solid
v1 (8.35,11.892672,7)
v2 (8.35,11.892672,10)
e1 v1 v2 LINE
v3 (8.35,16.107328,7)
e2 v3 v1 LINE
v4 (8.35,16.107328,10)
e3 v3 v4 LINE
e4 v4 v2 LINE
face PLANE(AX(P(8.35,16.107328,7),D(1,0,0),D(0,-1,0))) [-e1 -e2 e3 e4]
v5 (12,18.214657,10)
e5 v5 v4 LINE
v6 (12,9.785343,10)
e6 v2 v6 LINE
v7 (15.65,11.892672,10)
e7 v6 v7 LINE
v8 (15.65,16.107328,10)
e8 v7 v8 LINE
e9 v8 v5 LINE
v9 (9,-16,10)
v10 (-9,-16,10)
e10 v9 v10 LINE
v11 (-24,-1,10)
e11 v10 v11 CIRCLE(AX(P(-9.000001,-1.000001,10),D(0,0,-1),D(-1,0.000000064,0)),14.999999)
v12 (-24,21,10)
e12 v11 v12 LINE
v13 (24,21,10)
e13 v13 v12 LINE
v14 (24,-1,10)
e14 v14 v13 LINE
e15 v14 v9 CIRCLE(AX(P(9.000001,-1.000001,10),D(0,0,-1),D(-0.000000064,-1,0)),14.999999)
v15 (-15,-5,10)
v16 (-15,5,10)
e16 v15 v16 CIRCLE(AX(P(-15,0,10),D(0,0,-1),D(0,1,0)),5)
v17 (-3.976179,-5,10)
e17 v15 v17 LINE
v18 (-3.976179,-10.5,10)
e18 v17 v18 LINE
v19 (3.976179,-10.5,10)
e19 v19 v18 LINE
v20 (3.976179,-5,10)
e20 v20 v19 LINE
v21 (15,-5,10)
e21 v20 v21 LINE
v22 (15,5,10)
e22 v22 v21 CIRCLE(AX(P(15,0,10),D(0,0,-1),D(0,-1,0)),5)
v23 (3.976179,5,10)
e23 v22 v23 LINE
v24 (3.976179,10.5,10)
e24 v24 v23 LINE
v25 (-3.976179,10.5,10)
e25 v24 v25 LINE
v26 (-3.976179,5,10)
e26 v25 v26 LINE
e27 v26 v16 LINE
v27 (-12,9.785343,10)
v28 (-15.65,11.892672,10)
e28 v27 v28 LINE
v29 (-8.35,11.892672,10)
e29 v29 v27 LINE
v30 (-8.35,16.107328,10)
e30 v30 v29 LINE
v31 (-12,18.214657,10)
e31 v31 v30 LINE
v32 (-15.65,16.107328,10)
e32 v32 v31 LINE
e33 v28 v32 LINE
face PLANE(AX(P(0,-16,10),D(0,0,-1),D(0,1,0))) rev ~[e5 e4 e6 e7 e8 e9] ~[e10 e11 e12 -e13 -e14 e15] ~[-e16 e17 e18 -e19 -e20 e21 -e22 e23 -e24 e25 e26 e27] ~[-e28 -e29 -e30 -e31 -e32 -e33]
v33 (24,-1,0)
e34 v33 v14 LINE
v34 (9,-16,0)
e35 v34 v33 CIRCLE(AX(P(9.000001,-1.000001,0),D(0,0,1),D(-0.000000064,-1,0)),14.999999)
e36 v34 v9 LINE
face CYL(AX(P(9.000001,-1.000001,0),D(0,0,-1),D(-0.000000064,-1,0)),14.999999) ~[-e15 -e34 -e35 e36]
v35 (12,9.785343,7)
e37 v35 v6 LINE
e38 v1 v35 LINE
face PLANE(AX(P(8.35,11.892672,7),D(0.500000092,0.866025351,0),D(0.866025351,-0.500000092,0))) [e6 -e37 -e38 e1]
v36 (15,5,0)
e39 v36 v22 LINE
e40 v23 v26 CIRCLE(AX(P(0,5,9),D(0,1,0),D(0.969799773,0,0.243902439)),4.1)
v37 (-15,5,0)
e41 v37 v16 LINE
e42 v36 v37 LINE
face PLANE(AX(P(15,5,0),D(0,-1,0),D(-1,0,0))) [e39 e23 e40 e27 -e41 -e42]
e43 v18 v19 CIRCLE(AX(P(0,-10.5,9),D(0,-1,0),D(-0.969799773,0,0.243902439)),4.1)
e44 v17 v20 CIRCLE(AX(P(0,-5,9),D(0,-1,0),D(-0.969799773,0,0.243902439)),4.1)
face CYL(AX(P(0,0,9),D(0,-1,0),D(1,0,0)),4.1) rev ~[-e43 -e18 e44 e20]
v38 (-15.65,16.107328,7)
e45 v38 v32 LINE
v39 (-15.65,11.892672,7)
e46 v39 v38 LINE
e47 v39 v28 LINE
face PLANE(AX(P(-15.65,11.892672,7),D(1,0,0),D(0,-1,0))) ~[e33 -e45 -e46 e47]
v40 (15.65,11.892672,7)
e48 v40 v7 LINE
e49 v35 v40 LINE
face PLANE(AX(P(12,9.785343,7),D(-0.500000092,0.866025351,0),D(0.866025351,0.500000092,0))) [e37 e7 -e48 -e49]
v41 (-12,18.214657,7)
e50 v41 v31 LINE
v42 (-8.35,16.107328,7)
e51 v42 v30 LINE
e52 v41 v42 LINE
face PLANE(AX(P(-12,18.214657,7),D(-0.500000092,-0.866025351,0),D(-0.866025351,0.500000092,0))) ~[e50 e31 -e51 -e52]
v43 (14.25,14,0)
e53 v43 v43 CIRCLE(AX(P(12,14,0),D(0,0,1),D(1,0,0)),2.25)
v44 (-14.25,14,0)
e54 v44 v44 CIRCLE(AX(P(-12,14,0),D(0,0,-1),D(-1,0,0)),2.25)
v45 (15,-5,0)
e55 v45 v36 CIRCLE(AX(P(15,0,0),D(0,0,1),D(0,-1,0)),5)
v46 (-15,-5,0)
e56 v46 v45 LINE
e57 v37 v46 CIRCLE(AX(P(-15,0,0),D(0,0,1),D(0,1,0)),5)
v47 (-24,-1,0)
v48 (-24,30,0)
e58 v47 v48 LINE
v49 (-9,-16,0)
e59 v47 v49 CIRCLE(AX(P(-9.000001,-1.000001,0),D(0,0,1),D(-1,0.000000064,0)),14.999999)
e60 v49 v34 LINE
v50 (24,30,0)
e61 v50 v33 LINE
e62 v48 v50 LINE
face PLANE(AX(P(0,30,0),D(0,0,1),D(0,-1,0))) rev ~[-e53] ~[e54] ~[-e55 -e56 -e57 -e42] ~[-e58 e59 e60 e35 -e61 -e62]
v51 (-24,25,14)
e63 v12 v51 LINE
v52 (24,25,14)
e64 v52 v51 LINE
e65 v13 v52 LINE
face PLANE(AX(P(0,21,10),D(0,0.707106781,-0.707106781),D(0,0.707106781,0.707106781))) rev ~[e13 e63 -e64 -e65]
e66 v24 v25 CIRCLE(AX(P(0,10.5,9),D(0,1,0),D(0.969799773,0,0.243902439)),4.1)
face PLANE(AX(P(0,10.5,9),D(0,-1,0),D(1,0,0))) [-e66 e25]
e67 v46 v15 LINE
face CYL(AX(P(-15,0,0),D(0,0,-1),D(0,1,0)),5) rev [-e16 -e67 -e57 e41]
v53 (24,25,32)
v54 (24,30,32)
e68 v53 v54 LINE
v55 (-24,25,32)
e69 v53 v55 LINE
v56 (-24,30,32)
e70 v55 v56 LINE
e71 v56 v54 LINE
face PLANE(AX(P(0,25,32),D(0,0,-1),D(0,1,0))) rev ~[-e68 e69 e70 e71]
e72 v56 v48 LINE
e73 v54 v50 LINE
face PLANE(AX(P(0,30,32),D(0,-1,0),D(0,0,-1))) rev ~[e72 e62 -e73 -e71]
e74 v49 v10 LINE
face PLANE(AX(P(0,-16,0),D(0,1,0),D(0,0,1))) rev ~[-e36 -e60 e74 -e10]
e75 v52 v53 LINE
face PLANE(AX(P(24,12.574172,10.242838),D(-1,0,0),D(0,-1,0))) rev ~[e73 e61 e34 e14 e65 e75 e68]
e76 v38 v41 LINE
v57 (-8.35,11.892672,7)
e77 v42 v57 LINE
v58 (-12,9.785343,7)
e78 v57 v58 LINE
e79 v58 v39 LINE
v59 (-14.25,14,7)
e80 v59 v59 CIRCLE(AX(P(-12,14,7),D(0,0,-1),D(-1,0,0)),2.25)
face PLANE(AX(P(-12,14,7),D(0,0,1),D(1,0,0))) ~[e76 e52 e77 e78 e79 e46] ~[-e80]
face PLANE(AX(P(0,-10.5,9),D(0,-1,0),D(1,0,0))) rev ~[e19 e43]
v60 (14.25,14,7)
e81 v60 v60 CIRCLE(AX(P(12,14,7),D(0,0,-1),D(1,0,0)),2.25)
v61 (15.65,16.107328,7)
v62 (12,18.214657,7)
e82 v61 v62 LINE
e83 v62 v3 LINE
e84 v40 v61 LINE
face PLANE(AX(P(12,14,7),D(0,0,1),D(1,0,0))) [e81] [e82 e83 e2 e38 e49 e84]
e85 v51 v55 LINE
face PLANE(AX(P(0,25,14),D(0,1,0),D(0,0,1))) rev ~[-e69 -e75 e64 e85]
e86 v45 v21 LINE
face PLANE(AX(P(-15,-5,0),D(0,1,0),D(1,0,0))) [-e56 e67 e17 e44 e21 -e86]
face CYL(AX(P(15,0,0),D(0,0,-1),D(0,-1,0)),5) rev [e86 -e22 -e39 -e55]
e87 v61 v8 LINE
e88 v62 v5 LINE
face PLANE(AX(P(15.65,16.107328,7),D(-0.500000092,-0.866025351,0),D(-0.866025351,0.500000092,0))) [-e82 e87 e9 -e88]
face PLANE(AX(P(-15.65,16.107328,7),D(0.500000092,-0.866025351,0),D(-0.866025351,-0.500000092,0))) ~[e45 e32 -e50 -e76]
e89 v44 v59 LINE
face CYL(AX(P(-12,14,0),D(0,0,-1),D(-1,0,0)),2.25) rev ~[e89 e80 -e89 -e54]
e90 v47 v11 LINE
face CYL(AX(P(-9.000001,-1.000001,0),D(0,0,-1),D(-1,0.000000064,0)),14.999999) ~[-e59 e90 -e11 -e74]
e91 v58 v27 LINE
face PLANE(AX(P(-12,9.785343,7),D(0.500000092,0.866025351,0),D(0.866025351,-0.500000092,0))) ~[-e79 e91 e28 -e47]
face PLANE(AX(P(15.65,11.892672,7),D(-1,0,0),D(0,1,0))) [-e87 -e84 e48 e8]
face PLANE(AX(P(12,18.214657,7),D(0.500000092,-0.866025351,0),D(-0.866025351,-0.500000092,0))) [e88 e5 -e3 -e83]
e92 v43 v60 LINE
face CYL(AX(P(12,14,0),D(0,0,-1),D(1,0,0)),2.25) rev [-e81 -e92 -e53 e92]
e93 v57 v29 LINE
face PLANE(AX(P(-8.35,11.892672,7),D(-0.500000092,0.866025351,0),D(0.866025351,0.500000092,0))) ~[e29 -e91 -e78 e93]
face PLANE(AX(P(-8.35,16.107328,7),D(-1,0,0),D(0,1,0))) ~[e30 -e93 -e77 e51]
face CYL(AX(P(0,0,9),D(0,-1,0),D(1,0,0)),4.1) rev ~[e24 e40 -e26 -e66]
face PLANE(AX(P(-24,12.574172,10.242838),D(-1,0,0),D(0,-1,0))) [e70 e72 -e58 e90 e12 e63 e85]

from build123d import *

# Parameters (mm, degrees)
PAD_DEPTH            = 24
POCKET_DEPTH         = 0.001
POCKET_DEPTH_BACK    = -32.001
SKETCH002_R          = 4.1
POCKET001_DEPTH      = 10.5
SKETCH003_R          = 2.25
HOLE_DEPTH           = 179.567934
POCKET002_DEPTH      = 172.567934
POCKET003_DEPTH      = 0.001
POCKET003_DEPTH_BACK = -32.001


with BuildPart() as part:
    # Sketch001 → Pad (new body, symmetric)
    with BuildSketch(Plane.YZ):
        Polygon((-16, 0), (-16, 10), (21, 10), (25, 14), (25, 32), (30, 32), (30, 0), align=None)
    extrude(amount=PAD_DEPTH, both=True)

    # Sketch → Pocket (cut, two sides)
    with BuildSketch(Plane.XY) as pocket_sk:
        with BuildLine():
            ThreePointArc((-15, 5), (-20, 0), (-15, -5))
            Line((-15, -5), (15, -5))
            ThreePointArc((15, -5), (20, 0), (15, 5))
            Line((15, 5), (-15, 5))
        make_face()
    extrude(amount=-POCKET_DEPTH, mode=Mode.SUBTRACT)
    extrude(pocket_sk.sketch, amount=-POCKET_DEPTH_BACK, mode=Mode.SUBTRACT)

    # Sketch002 → Pocket001 (cut, symmetric)
    with BuildSketch(Plane.XZ):
        with Locations((0, 9)):
            Circle(SKETCH002_R)
    extrude(amount=POCKET001_DEPTH, both=True, mode=Mode.SUBTRACT)

    # Sketch003 → Hole (cut, through all)
    with BuildSketch(Plane(origin=(12, 14, 0), x_dir=(1, 0, 0), z_dir=(0, 0, 1))):
        Circle(SKETCH003_R)
    hole = extrude(amount=HOLE_DEPTH, mode=Mode.SUBTRACT)

    # Sketch004 (on Sketch) → Pocket002 (cut, through all)
    with BuildSketch(Plane(origin=(12, 14, 7), x_dir=(1, 0, 0), z_dir=(0, 0, 1))):
        Polygon((0, 4.214657), (-3.65, 2.107328), (-3.65, -2.107328), (0, -4.214657), (3.65, -2.107328), (3.65, 2.107328), align=None)
    pocket002 = extrude(amount=POCKET002_DEPTH, mode=Mode.SUBTRACT)

    # Mirrored: Pocket002, Hole across YZ
    add(pocket002.mirror(Plane.YZ), mode=Mode.SUBTRACT)
    add(hole.mirror(Plane.YZ), mode=Mode.SUBTRACT)

    # Sketch005 → Pocket003 (cut, two sides)
    with BuildSketch(Plane.XY) as pocket003_sk:
        with BuildLine():
            ThreePointArc((-24, -1), (-19.606602, -11.606602), (-9, -16))
            Line((-9, -16), (9, -16))
            ThreePointArc((9, -16), (19.606602, -11.606602), (24, -1))
            Line((34, -1), (24, -1))
            Line((34, -1), (34, -69))
            Line((34, -69), (-34, -69))
            Line((-34, -69), (-34, -1))
            Line((-24, -1), (-34, -1))
        make_face()
    extrude(amount=-POCKET003_DEPTH, mode=Mode.SUBTRACT)
    extrude(pocket003_sk.sketch, amount=-POCKET003_DEPTH_BACK, mode=Mode.SUBTRACT)


solid = part.part
